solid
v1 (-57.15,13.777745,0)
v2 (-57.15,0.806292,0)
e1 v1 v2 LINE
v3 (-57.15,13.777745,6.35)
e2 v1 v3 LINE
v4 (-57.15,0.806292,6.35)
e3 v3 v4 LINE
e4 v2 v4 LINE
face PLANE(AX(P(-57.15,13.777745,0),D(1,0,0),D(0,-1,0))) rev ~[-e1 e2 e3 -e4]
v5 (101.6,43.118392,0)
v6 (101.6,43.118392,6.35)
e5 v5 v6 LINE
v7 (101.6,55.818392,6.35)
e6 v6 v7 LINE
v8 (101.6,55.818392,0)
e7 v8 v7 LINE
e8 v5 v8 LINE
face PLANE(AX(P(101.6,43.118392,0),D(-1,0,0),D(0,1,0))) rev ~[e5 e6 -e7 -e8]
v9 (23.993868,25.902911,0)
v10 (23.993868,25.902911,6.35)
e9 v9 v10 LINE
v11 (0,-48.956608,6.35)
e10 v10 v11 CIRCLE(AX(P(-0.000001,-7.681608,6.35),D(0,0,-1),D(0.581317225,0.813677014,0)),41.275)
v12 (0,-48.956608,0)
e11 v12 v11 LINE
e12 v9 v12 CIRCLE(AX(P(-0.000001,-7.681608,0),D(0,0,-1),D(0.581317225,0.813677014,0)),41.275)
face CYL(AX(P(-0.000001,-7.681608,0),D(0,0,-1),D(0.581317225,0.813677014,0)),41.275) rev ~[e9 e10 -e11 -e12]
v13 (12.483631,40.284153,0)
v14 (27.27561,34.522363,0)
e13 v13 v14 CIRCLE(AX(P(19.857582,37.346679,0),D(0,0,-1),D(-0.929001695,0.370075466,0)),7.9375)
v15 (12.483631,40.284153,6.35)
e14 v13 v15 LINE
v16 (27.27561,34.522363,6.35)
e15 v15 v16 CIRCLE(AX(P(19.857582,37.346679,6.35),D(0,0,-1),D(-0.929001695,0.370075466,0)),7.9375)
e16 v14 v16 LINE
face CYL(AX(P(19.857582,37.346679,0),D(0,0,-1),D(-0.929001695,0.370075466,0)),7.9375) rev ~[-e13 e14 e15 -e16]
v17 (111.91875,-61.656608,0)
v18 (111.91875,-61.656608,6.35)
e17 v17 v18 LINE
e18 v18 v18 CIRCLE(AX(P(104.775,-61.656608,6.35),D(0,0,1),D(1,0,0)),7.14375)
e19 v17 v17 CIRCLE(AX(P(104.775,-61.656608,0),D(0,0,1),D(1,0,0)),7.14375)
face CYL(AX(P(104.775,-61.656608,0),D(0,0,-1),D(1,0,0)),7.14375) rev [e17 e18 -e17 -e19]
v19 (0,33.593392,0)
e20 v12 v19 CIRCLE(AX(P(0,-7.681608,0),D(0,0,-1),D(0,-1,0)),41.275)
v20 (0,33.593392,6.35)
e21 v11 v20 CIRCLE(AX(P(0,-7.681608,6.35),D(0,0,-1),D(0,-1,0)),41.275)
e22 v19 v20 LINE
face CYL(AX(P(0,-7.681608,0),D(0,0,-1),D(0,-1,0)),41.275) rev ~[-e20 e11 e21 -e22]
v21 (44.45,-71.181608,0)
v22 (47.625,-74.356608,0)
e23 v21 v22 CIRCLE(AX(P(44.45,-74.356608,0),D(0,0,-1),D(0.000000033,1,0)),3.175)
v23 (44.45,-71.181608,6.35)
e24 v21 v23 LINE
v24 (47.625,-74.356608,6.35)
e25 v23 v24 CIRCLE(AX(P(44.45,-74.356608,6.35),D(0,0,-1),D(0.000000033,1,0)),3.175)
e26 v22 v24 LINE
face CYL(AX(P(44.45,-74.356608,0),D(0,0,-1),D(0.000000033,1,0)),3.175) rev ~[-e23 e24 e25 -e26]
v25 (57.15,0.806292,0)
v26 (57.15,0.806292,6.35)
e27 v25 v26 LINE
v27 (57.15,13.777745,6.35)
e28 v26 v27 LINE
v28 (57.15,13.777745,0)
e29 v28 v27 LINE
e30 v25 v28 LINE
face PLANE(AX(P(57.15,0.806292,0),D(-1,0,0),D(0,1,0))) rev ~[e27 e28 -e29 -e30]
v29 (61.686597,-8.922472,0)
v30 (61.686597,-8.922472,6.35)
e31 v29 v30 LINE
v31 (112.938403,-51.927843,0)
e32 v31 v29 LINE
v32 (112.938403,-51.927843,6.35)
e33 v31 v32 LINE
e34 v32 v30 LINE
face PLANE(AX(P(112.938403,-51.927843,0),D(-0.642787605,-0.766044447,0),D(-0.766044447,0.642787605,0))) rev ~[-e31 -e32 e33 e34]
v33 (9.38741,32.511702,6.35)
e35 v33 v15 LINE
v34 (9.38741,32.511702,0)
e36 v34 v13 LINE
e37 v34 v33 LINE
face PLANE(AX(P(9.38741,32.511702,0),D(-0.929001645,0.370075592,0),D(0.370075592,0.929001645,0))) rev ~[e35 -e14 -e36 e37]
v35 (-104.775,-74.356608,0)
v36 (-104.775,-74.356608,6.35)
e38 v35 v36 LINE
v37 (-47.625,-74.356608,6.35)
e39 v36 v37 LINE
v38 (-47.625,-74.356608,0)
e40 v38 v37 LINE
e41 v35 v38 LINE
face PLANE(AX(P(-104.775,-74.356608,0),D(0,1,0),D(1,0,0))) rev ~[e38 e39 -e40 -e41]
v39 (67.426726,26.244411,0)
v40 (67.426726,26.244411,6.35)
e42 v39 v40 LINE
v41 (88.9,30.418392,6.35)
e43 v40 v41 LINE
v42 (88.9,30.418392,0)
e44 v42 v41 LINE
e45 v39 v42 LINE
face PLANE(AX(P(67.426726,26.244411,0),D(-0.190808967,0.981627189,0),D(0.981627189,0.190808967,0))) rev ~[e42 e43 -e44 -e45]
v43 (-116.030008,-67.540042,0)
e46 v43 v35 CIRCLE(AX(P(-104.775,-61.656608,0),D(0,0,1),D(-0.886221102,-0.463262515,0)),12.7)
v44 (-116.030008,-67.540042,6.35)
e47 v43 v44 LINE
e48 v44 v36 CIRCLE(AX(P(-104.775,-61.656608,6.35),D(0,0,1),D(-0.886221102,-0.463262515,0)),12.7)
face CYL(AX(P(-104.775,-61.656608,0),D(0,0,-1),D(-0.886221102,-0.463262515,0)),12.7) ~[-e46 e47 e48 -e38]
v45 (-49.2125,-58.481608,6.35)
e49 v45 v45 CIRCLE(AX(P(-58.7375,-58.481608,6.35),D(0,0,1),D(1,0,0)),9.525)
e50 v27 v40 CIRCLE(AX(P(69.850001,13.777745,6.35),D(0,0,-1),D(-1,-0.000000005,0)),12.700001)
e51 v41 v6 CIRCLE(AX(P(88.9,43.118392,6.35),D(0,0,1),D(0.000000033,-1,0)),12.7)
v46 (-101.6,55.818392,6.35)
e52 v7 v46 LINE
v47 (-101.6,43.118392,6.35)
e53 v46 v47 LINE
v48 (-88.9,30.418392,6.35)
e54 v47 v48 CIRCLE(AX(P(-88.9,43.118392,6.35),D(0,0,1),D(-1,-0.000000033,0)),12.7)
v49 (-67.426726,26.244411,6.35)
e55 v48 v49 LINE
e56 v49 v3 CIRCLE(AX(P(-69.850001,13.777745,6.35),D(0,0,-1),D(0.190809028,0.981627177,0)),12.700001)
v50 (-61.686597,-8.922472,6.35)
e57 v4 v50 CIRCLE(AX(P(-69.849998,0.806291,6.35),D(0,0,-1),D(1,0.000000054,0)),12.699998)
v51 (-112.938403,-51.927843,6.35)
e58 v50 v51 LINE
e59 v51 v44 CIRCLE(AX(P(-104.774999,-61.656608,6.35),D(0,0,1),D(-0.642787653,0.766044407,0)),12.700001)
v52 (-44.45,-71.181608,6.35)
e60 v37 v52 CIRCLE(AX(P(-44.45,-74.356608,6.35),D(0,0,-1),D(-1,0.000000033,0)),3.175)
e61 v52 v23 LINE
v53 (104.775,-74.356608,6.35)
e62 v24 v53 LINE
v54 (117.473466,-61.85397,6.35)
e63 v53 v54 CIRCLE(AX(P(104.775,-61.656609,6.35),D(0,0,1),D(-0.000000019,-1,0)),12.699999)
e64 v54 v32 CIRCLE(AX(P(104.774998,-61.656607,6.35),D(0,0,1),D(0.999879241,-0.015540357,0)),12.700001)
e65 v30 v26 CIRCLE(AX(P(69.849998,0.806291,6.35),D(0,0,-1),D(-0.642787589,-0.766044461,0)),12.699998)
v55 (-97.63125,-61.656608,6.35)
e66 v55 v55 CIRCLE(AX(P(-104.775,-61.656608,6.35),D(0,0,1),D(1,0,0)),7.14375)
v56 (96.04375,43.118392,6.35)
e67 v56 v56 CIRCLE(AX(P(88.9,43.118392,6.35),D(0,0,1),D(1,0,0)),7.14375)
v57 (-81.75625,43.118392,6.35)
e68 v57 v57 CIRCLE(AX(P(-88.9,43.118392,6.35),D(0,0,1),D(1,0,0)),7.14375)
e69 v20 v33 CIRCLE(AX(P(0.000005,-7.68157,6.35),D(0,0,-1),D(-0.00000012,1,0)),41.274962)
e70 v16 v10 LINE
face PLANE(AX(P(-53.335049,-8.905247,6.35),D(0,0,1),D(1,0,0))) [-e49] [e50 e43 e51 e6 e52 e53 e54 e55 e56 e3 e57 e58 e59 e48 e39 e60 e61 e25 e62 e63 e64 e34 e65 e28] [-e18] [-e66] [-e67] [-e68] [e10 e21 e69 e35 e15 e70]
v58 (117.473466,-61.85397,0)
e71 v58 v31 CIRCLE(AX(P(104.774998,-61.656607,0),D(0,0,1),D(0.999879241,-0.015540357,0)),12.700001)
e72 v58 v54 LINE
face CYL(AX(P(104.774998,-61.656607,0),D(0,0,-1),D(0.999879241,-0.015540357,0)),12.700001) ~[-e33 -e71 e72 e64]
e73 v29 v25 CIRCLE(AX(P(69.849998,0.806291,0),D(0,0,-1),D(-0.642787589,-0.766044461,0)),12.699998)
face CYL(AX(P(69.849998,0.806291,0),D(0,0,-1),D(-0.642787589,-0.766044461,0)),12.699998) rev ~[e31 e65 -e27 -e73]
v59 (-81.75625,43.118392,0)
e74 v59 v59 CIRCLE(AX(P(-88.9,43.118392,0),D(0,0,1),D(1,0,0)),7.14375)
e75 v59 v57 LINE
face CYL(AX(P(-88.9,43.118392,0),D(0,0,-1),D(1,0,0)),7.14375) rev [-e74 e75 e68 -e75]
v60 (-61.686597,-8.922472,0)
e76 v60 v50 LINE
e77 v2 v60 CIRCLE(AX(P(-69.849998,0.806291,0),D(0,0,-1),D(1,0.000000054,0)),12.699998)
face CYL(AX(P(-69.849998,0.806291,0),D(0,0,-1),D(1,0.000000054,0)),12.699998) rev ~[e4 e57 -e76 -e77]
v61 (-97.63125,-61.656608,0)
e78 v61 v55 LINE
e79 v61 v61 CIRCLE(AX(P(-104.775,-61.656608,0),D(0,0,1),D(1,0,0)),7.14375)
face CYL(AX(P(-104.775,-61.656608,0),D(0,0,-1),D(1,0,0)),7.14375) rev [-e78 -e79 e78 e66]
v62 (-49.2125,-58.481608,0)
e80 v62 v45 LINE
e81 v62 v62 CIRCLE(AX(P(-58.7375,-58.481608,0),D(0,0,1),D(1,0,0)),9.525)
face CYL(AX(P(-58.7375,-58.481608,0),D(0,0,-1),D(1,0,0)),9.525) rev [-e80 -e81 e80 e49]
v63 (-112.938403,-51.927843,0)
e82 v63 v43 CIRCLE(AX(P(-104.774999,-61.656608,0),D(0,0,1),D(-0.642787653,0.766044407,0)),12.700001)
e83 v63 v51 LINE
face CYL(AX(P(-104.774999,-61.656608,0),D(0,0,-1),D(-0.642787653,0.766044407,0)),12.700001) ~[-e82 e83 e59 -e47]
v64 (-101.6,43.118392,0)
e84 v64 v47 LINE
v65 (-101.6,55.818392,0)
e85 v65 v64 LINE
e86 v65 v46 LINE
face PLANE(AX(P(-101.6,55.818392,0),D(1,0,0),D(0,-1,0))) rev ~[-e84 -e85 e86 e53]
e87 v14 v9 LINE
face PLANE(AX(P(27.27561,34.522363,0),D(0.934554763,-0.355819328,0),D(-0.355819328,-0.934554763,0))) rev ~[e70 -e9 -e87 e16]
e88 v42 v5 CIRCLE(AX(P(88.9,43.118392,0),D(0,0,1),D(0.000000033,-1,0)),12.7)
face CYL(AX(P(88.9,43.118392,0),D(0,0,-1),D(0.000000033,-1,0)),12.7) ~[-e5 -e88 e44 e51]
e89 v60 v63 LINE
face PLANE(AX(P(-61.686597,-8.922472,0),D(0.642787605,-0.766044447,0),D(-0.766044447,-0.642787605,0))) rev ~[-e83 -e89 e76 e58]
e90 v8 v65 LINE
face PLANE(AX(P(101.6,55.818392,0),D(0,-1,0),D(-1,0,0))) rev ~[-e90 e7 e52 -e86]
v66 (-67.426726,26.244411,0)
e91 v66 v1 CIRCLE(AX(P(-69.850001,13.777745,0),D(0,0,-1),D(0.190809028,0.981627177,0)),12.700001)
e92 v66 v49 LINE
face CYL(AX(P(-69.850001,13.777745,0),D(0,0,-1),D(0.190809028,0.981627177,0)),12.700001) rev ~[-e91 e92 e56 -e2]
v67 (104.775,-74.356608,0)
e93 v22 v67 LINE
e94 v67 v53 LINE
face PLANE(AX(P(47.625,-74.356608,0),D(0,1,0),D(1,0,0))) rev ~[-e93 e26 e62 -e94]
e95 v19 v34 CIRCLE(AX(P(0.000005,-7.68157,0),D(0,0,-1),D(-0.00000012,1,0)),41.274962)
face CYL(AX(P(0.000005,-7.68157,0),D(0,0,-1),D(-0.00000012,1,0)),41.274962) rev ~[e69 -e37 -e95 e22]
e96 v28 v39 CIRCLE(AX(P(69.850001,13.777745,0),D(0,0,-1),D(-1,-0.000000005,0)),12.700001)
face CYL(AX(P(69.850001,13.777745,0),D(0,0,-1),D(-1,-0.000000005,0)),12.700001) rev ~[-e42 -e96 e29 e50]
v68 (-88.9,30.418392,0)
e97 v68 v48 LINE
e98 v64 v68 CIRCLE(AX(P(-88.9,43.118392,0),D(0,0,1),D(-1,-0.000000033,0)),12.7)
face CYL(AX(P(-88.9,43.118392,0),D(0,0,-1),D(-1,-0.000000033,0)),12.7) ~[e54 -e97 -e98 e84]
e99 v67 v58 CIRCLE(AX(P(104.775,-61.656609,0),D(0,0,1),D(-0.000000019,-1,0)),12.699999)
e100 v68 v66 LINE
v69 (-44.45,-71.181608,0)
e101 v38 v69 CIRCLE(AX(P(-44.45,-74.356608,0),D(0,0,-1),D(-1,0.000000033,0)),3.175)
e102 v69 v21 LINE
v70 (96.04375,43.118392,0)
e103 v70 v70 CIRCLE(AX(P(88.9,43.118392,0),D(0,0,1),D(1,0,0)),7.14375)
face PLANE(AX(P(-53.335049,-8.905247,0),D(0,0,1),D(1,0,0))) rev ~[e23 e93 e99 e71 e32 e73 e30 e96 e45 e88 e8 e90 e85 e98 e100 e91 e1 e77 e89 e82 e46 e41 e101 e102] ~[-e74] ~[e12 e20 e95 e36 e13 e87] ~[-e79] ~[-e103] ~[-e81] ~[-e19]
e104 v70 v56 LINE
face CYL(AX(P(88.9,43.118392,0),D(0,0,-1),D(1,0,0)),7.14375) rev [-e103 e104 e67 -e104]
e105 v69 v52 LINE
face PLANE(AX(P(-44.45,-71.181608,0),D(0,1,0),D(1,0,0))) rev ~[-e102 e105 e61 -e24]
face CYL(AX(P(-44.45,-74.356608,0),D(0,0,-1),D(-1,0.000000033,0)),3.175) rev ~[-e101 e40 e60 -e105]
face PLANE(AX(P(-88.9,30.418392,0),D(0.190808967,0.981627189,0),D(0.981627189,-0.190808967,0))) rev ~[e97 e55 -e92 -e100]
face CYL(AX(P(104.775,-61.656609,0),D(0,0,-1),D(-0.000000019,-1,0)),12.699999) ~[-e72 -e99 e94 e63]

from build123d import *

# Parameters (mm, degrees)
F0_R     = 7.14375
F0_R_2   = 9.525
F1_DEPTH = 6.35


with BuildPart() as f1:
    # F0 (on Top) → F1 (new body)
    with BuildSketch(Plane.XY):
        with BuildLine():
            Line((0, 33.593392), (0, 55.818392))
            Line((0, 55.818392), (-88.9, 55.818392))
            Line((-88.9, 55.818392), (-101.6, 55.818392))
            Line((-101.6, 55.818392), (-101.6, 43.118392))
            ThreePointArc((-101.6, 43.118392), (-97.880256, 34.138136), (-88.9, 30.418392))
            Line((-88.9, 30.418392), (-67.426726, 26.244411))
            ThreePointArc((-67.426726, 26.244411), (-60.050368, 21.855939), (-57.15, 13.777745))
            Line((-57.15, 13.777745), (-57.15, 0.806292))
            ThreePointArc((-57.15, 0.806292), (-58.339891, -4.56096), (-61.686597, -8.922472))
            Line((-61.686597, -8.922472), (-112.938403, -51.927843))
            ThreePointArc((-112.938403, -51.927843), (-117.233084, -59.189596), (-116.030008, -67.540042))
            ThreePointArc((-116.030008, -67.540042), (-111.354148, -72.51961), (-104.775, -74.356608))
            Line((-104.775, -74.356608), (-47.625, -74.356608))
            ThreePointArc((-47.625, -74.356608), (-46.695064, -72.111544), (-44.45, -71.181608))
            Line((-44.45, -71.181608), (0, -71.181608))
            Line((0, -71.181608), (0, -48.956608))
            ThreePointArc((0, -48.956608), (-41.275, -7.681608), (0, 33.593392))
        make_face()
        with Locations((-104.775, -61.656608)):
            Circle(F0_R, mode=Mode.SUBTRACT)
        with Locations((-58.7375, -58.481608)):
            Circle(F0_R_2, mode=Mode.SUBTRACT)
        with Locations((-88.9, 43.118392)):
            Circle(F0_R, mode=Mode.SUBTRACT)
        with BuildLine():
            Line((88.9, 55.818392), (0, 55.818392))
            Line((0, 55.818392), (0, 33.593392))
            ThreePointArc((0, 33.593392), (4.724763, 33.322078), (9.38741, 32.511702))
            Line((9.38741, 32.511702), (12.483631, 40.284153))
            ThreePointArc((12.483631, 40.284153), (22.738561, 44.742885), (27.27561, 34.522363))
            Line((27.27561, 34.522363), (23.993868, 25.902911))
            ThreePointArc((23.993868, 25.902911), (39.305385, -20.279715), (0, -48.956608))
            Line((0, -48.956608), (0, -71.181608))
            Line((0, -71.181608), (44.45, -71.181608))
            ThreePointArc((44.45, -71.181608), (46.695064, -72.111544), (47.625, -74.356608))
            Line((47.625, -74.356608), (104.775, -74.356608))
            ThreePointArc((104.775, -74.356608), (113.685205, -70.706373), (117.473466, -61.85397))
            ThreePointArc((117.473466, -61.85397), (116.326467, -56.378956), (112.938403, -51.927843))
            Line((112.938403, -51.927843), (61.686597, -8.922472))
            ThreePointArc((61.686597, -8.922472), (58.339891, -4.56096), (57.15, 0.806292))
            Line((57.15, 0.806292), (57.15, 13.777745))
            ThreePointArc((57.15, 13.777745), (60.050368, 21.855939), (67.426726, 26.244411))
            Line((67.426726, 26.244411), (88.9, 30.418392))
            ThreePointArc((88.9, 30.418392), (97.880256, 34.138136), (101.6, 43.118392))
            Line((101.6, 43.118392), (101.6, 55.818392))
            Line((101.6, 55.818392), (88.9, 55.818392))
        make_face()
        with Locations((104.775, -61.656608)):
            Circle(F0_R, mode=Mode.SUBTRACT)
        with Locations((88.9, 43.118392)):
            Circle(F0_R, mode=Mode.SUBTRACT)
    extrude(amount=F1_DEPTH)


solid = f1.part
